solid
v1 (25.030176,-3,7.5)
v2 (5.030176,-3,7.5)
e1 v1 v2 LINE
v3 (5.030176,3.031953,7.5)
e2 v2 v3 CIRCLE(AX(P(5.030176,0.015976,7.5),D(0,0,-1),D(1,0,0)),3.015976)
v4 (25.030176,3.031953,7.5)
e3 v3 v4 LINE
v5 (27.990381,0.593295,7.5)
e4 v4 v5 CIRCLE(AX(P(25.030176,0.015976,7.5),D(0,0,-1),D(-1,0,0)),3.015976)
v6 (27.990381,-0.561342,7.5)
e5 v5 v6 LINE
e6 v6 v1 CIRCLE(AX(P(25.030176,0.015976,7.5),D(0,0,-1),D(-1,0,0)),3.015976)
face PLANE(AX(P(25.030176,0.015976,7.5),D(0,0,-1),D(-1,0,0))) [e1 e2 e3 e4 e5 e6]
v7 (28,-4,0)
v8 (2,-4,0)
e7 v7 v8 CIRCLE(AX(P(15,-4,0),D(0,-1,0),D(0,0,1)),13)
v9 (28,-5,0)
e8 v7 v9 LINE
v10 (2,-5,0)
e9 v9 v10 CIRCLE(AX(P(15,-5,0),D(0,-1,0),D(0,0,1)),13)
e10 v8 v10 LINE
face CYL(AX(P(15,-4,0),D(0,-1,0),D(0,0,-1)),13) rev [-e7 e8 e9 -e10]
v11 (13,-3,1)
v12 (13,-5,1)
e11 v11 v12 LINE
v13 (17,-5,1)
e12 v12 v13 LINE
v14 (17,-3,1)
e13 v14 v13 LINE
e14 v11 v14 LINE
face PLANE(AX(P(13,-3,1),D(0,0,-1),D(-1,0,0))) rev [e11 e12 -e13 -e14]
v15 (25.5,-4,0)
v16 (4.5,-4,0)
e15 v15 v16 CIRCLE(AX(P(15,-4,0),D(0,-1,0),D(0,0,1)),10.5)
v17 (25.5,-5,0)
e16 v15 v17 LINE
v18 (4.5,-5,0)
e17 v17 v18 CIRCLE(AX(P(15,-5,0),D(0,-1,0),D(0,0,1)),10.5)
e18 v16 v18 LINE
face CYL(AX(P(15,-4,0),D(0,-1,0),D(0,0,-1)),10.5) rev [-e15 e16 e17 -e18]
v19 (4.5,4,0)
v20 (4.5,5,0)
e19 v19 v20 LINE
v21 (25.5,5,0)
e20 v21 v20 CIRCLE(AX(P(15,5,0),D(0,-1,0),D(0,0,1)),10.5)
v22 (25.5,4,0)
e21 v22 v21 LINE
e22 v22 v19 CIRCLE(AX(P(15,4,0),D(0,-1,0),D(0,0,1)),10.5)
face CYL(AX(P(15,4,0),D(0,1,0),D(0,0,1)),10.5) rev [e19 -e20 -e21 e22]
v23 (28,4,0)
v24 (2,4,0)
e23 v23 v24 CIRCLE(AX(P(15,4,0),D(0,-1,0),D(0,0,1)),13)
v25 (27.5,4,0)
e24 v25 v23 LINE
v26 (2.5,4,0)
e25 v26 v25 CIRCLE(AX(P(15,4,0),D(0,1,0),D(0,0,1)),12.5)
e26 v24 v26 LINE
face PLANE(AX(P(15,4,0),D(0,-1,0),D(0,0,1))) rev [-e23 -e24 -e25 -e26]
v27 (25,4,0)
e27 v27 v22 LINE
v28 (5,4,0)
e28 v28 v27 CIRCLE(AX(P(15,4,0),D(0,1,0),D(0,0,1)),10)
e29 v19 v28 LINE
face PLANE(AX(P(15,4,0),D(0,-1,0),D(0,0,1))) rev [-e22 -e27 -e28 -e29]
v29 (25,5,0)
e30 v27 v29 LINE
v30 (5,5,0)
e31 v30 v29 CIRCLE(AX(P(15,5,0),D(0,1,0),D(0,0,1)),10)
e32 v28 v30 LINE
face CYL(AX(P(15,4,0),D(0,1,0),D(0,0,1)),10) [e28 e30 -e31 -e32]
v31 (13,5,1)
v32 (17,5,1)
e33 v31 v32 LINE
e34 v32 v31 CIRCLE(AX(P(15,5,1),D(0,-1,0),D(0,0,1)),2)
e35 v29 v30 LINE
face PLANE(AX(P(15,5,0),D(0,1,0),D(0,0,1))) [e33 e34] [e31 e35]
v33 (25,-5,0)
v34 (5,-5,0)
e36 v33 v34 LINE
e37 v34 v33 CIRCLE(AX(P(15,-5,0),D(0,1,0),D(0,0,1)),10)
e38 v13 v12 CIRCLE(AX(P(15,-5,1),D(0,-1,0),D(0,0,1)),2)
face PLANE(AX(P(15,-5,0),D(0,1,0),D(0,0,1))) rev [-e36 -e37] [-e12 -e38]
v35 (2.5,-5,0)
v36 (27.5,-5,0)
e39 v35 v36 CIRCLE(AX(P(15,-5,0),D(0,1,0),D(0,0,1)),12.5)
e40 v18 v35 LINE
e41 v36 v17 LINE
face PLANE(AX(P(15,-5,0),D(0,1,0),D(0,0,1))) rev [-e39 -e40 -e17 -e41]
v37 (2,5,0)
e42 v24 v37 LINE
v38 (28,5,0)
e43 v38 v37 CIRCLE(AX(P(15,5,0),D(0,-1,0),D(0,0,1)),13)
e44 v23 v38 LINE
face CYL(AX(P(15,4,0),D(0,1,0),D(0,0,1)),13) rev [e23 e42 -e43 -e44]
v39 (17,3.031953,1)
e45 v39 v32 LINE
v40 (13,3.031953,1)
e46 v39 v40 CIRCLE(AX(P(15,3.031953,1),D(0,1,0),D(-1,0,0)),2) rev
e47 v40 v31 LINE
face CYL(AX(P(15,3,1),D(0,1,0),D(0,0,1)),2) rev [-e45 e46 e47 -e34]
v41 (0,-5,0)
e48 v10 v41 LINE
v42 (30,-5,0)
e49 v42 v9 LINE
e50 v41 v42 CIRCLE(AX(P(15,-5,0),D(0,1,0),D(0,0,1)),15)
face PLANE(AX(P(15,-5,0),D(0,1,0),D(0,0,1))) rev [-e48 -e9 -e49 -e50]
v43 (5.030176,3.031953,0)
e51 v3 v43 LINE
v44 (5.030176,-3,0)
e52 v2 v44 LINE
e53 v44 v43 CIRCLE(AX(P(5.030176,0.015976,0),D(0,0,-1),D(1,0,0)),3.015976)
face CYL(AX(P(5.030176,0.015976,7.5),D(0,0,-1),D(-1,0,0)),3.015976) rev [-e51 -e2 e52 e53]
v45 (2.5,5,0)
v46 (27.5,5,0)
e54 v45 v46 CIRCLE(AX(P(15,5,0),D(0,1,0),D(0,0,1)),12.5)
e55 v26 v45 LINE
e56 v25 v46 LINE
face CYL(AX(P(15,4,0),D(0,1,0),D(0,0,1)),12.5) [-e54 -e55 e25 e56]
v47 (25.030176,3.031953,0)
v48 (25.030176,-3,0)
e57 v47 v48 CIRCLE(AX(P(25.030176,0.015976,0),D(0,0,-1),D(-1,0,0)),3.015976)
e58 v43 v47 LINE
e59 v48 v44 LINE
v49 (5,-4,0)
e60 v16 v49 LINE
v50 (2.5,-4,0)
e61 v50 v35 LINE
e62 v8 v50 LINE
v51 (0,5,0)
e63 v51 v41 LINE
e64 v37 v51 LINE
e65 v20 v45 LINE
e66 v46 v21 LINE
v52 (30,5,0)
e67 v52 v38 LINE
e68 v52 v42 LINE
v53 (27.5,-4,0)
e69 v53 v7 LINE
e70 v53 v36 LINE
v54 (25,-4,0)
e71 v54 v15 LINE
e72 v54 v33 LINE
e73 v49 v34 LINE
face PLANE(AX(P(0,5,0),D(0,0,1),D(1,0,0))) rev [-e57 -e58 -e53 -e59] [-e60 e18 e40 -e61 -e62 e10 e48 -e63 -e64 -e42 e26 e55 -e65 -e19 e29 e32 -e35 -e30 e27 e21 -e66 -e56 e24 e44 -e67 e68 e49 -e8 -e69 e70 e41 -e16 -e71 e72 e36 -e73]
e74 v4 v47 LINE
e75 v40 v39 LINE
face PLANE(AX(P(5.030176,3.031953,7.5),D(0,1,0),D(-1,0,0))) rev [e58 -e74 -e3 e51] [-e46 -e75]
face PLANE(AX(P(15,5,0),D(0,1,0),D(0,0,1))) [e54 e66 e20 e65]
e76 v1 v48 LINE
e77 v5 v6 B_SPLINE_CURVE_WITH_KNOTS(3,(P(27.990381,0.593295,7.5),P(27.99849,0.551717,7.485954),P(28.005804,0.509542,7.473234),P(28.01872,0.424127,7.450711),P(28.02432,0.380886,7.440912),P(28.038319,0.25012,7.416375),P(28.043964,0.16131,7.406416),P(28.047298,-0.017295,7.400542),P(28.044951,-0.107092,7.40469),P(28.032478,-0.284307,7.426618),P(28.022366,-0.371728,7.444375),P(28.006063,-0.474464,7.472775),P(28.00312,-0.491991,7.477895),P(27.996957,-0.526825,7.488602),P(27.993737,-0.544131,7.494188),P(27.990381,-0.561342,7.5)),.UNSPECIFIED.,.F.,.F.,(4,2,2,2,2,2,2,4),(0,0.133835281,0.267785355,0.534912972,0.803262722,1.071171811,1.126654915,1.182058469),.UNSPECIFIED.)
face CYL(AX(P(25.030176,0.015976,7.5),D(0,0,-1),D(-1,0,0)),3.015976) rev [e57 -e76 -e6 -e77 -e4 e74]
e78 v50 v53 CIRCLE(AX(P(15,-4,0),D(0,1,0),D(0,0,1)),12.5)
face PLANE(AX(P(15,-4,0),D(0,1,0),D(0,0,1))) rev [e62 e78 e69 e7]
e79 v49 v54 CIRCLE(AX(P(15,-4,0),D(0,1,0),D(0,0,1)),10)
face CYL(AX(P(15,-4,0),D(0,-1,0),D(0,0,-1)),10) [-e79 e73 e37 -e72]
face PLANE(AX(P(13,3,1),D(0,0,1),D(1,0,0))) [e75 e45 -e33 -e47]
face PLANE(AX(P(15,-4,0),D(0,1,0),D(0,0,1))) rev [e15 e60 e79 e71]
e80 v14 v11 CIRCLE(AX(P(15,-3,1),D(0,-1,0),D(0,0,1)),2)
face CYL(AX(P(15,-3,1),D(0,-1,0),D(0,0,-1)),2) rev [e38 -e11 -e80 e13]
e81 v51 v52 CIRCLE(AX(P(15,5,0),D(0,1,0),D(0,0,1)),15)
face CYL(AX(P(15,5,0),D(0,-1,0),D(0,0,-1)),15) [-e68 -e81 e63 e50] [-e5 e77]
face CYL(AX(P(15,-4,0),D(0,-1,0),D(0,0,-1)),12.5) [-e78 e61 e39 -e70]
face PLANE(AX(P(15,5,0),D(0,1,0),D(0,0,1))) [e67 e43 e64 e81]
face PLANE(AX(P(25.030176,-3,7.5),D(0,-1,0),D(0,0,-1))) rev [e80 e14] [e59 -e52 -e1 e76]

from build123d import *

# Parameters (mm, degrees)
EXTRUDE_1_DEPTH     = 5
CUT_EXTRUDE_2_DEPTH = 1
CUT_EXTRUDE_3_DEPTH = 1
CUT_EXTRUDE_4_DEPTH = 7.5
CUT_EXTRUDE_5_DEPTH = 2


with BuildPart() as part:
    # 草图1 → 凸台-拉伸1 (new, symmetric)
    with BuildSketch(Plane(origin=(0, 0, 0), x_dir=(1, 0, 0), z_dir=(0, 1, 0))):
        with BuildLine():
            Line((0, 0), (30, 0))
            ThreePointArc((30, 0), (15, -15), (0, 0))
        make_face()
    extrude(amount=EXTRUDE_1_DEPTH, both=True)

    # 草图2 → 切除-拉伸2 (cut)
    with BuildSketch(Plane.XZ.offset(5)):
        with BuildLine():
            Line((2, 0), (2.5, 0))
            ThreePointArc((2.5, 0), (15, 12.5), (27.5, 0))
            Line((27.5, 0), (28, 0))
            ThreePointArc((28, 0), (15, 13), (2, 0))
        make_face()
    cut_extrude_2 = extrude(amount=-CUT_EXTRUDE_2_DEPTH, mode=Mode.SUBTRACT)

    # 草图3 → 切除-拉伸3 (cut)
    with BuildSketch(Plane.XZ.offset(5)):
        with BuildLine():
            Line((4.5, 0), (5, 0))
            ThreePointArc((5, 0), (15, 10), (25, 0))
            Line((25, 0), (25.5, 0))
            ThreePointArc((25.5, 0), (15, 10.5), (4.5, 0))
        make_face()
    cut_extrude_3 = extrude(amount=-CUT_EXTRUDE_3_DEPTH, mode=Mode.SUBTRACT)

    # 镜向1: 切除-拉伸2, 切除-拉伸3 across plane
    add(cut_extrude_2.mirror(Plane(origin=(0, 0, 0), x_dir=(0, 0, 1), z_dir=(0, -1, 0))), mode=Mode.SUBTRACT)
    add(cut_extrude_3.mirror(Plane(origin=(0, 0, 0), x_dir=(0, 0, 1), z_dir=(0, -1, 0))), mode=Mode.SUBTRACT)

    # 草图5 → 切除-拉伸4 (cut)
    with BuildSketch(Plane(origin=(0, 0, 0), x_dir=(-1, 0, 0), z_dir=(0, 0, -1))):
        with BuildLine():
            Line((-25.030175513, -3), (-5.030175513, -3))
            ThreePointArc((-5.030175513, -3), (-2.01419916, 0.015976353), (-5.030175513, 3.031952706))
            Line((-5.030175513, 3.031952706), (-25.030175513, 3.031952706))
            ThreePointArc((-25.030175513, 3.031952706), (-28.046151866, 0.015976353), (-25.030175513, -3))
        make_face()
    extrude(amount=-CUT_EXTRUDE_4_DEPTH, mode=Mode.SUBTRACT)

    # 草图6 → 切除-拉伸5 (cut)
    with BuildSketch(Plane.XZ.offset(5)):
        with BuildLine():
            Line((13, 1), (17, 1))
            ThreePointArc((17, 1), (15, 3), (13, 1))
        make_face()
    cut_extrude_5 = extrude(amount=-CUT_EXTRUDE_5_DEPTH, mode=Mode.SUBTRACT)

    # 镜向2: 切除-拉伸5 across plane
    add(cut_extrude_5.mirror(Plane(origin=(0, 0, 0), x_dir=(0, 0, 1), z_dir=(0, -1, 0))), mode=Mode.SUBTRACT)


solid = part.part
